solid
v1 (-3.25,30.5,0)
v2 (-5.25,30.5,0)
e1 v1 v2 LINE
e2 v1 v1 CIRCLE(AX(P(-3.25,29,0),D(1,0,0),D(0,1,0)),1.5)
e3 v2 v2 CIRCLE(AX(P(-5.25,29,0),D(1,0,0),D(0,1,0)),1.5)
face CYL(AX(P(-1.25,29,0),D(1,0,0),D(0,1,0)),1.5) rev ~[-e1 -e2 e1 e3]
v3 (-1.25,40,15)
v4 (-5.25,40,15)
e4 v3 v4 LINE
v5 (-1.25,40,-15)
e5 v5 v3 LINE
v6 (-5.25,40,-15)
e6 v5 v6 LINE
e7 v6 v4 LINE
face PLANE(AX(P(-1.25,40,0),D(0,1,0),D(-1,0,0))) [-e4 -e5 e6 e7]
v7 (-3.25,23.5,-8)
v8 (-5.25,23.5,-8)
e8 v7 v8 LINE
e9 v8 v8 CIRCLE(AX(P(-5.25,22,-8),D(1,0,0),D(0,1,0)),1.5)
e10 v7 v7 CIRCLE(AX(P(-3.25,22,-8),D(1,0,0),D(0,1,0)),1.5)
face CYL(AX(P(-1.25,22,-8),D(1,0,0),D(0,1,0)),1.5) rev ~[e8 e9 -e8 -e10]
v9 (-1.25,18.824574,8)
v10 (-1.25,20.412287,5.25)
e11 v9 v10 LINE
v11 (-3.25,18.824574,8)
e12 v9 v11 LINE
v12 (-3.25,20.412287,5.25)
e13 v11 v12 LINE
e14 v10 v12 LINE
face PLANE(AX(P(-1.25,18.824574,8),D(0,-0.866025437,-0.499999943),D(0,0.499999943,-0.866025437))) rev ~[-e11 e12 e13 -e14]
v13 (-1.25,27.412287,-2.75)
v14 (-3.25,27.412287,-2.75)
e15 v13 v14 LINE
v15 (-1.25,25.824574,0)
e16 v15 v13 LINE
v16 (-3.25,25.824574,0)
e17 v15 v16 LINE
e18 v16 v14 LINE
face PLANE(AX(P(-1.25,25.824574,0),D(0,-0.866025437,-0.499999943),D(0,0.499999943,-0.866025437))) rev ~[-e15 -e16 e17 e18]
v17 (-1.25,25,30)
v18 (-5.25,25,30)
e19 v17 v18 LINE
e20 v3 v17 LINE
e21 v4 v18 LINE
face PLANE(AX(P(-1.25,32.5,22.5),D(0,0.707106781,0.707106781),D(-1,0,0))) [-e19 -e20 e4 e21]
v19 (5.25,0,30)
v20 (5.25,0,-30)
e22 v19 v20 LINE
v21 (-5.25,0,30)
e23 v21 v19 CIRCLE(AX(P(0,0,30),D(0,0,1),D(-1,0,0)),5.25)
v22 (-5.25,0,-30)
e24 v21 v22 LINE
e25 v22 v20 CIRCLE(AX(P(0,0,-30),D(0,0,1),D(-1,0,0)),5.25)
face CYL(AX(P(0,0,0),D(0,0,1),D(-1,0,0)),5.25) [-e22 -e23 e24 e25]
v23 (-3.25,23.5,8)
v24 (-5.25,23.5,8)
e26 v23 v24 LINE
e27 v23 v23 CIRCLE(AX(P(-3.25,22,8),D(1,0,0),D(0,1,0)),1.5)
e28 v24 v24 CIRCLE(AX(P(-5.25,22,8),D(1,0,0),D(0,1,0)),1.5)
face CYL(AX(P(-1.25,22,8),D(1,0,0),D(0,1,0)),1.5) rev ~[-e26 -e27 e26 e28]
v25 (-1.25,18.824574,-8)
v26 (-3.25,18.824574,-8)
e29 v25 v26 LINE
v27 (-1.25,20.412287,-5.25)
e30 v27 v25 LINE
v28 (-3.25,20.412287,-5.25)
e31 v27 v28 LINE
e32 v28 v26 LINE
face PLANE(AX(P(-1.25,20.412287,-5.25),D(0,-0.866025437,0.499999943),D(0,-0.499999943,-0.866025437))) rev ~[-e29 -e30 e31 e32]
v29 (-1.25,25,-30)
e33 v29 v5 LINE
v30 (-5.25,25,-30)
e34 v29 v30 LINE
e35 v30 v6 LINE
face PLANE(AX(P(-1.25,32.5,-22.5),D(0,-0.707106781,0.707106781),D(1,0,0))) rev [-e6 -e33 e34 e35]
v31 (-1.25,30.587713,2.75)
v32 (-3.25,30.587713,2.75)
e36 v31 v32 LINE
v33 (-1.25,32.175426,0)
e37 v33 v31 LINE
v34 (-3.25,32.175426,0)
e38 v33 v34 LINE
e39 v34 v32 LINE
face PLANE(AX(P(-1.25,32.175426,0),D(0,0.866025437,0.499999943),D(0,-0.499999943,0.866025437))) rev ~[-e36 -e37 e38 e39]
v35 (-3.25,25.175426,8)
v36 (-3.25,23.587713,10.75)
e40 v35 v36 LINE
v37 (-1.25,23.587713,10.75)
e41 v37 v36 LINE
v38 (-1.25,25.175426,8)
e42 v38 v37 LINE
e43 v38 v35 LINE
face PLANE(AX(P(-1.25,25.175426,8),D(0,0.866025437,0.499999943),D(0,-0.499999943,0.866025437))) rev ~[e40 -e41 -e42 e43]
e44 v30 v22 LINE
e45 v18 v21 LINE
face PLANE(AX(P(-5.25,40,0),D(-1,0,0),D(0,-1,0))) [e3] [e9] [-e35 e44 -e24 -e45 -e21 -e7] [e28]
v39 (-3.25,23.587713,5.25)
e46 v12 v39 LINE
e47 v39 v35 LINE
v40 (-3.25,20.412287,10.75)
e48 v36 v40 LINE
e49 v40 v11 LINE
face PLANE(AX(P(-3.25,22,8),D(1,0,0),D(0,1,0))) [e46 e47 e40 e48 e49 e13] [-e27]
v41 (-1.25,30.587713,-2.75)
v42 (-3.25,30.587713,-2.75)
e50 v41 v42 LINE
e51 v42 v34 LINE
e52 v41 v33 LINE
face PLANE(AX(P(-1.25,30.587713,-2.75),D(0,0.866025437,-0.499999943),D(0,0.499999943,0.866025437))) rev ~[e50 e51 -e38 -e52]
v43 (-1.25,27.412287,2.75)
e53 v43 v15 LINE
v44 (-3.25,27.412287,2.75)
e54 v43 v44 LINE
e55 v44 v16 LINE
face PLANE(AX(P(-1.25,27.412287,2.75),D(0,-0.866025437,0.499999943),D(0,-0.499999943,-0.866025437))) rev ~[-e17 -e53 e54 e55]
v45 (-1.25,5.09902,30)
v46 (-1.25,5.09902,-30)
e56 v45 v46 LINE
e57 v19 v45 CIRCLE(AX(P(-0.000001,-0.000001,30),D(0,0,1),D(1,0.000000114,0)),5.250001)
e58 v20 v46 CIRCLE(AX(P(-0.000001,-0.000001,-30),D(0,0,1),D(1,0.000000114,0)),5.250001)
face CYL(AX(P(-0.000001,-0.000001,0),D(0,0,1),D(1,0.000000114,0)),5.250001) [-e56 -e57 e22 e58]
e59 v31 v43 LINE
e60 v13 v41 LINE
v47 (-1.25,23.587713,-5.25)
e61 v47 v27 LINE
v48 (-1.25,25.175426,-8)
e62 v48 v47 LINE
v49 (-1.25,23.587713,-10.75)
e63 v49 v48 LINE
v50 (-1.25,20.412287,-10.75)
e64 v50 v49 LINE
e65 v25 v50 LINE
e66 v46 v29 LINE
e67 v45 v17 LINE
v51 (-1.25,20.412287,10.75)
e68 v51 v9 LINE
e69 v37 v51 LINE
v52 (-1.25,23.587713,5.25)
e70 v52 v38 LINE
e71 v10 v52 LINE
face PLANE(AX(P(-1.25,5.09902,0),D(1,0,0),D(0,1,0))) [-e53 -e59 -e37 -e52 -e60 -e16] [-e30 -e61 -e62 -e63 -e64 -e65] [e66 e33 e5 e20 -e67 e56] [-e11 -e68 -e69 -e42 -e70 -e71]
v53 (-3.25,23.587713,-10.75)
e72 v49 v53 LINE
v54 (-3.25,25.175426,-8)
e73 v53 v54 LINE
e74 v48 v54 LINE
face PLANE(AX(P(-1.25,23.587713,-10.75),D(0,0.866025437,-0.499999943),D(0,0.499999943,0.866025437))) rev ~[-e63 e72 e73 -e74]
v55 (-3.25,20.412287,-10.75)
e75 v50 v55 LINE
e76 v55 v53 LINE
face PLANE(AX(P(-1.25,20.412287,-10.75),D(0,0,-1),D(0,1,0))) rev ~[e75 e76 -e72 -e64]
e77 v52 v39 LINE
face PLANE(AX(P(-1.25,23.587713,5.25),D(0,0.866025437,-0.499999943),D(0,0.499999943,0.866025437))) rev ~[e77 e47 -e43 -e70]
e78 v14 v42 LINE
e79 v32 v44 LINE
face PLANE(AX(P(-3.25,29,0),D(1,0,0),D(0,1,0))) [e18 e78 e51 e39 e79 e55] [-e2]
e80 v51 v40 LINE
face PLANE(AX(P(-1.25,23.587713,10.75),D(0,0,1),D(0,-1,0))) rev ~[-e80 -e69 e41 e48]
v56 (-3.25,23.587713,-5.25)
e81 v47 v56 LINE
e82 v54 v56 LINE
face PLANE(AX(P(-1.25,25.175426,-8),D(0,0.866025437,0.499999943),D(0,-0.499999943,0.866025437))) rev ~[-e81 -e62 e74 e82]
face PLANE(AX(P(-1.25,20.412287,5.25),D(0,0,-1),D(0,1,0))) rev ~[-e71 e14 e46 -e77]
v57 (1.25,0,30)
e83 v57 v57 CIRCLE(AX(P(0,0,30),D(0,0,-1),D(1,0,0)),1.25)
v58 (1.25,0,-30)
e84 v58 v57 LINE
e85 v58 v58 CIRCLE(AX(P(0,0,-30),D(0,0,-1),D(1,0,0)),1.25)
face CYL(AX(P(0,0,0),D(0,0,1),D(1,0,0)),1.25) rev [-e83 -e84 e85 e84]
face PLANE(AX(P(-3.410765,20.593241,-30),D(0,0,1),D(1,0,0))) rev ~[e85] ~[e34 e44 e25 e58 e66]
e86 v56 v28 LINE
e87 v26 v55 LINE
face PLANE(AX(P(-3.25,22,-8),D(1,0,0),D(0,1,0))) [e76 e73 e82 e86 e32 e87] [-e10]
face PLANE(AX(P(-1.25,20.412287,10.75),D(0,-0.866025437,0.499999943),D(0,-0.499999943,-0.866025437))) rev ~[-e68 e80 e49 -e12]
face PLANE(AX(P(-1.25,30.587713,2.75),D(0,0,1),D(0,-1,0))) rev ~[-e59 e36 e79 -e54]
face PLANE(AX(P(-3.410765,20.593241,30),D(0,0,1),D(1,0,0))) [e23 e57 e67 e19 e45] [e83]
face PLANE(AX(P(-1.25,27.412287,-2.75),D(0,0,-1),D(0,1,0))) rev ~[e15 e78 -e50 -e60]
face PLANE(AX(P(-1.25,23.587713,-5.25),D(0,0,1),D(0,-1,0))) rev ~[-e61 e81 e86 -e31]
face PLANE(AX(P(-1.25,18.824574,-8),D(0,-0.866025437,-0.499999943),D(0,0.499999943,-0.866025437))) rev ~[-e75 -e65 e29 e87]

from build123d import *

# Parameters (mm, degrees)
F1_DEPTH = 30
F2_R     = 1.5
F3_DEPTH = 4.001
F4_SIZE  = 15
F5_DEPTH = 2


with BuildPart() as f1:
    # F0 (on Top) → F1 (new body, symmetric)
    with BuildSketch(Plane.XY):
        with BuildLine():
            ThreePointArc((-5.25, 0), (-4.130678, 3.24037), (-1.25, 5.09902))
            Line((-1.25, 5.09902), (-1.25, 40))
            Line((-1.25, 40), (-5.25, 40))
            Line((-5.25, 40), (-5.25, 0))
        make_face()
        with BuildLine():
            ThreePointArc((5.25, 0), (3.24037, 4.130678), (-1.25, 5.09902))
            ThreePointArc((-1.25, 5.09902), (-4.130678, 3.24037), (-5.25, 0))
            ThreePointArc((-5.25, 0), (0, -5.25), (5.25, 0))
        make_face()
        with BuildLine():
            ThreePointArc((-1.25, 0), (0, 1.25), (1.25, 0))
            ThreePointArc((1.25, 0), (0, -1.25), (-1.25, 0))
        make_face(mode=Mode.SUBTRACT)
    extrude(amount=F1_DEPTH, both=True)

    # F2 (on face) → F3 (cut, through all)
    with BuildSketch(Plane.YZ.offset(-1.25)):
        with Locations((22, 8)):
            Circle(F2_R)
        with Locations((29, 0)):
            Circle(F2_R)
        with Locations((22, -8)):
            Circle(F2_R)
    extrude(amount=-F3_DEPTH, mode=Mode.SUBTRACT)

    # F4
    f4_edges = [f1.edges().sort_by_distance(p)[0] for p in [
        (-3.25, 40, 30),
        (-3.25, 40, -30),
    ]]
    chamfer(f4_edges, length=F4_SIZE)

    # F2 (on face) → F5 (cut)
    with BuildSketch(Plane.YZ.offset(-1.25)):
        Polygon((23.587713, 10.75), (20.412287, 10.75), (18.824574, 8), (20.412287, 5.25), (23.587713, 5.25), (25.175426, 8), align=None)
        with Locations((22, 8)):
            Circle(F2_R, mode=Mode.SUBTRACT)
        Polygon((30.587713, 2.75), (27.412287, 2.75), (25.824574, 0), (27.412287, -2.75), (30.587713, -2.75), (32.175426, 0), align=None)
        with Locations((29, 0)):
            Circle(F2_R, mode=Mode.SUBTRACT)
        Polygon((23.587713, -5.25), (20.412287, -5.25), (18.824574, -8), (20.412287, -10.75), (23.587713, -10.75), (25.175426, -8), align=None)
        with Locations((22, -8)):
            Circle(F2_R, mode=Mode.SUBTRACT)
    extrude(amount=-F5_DEPTH, mode=Mode.SUBTRACT)


solid = f1.part
